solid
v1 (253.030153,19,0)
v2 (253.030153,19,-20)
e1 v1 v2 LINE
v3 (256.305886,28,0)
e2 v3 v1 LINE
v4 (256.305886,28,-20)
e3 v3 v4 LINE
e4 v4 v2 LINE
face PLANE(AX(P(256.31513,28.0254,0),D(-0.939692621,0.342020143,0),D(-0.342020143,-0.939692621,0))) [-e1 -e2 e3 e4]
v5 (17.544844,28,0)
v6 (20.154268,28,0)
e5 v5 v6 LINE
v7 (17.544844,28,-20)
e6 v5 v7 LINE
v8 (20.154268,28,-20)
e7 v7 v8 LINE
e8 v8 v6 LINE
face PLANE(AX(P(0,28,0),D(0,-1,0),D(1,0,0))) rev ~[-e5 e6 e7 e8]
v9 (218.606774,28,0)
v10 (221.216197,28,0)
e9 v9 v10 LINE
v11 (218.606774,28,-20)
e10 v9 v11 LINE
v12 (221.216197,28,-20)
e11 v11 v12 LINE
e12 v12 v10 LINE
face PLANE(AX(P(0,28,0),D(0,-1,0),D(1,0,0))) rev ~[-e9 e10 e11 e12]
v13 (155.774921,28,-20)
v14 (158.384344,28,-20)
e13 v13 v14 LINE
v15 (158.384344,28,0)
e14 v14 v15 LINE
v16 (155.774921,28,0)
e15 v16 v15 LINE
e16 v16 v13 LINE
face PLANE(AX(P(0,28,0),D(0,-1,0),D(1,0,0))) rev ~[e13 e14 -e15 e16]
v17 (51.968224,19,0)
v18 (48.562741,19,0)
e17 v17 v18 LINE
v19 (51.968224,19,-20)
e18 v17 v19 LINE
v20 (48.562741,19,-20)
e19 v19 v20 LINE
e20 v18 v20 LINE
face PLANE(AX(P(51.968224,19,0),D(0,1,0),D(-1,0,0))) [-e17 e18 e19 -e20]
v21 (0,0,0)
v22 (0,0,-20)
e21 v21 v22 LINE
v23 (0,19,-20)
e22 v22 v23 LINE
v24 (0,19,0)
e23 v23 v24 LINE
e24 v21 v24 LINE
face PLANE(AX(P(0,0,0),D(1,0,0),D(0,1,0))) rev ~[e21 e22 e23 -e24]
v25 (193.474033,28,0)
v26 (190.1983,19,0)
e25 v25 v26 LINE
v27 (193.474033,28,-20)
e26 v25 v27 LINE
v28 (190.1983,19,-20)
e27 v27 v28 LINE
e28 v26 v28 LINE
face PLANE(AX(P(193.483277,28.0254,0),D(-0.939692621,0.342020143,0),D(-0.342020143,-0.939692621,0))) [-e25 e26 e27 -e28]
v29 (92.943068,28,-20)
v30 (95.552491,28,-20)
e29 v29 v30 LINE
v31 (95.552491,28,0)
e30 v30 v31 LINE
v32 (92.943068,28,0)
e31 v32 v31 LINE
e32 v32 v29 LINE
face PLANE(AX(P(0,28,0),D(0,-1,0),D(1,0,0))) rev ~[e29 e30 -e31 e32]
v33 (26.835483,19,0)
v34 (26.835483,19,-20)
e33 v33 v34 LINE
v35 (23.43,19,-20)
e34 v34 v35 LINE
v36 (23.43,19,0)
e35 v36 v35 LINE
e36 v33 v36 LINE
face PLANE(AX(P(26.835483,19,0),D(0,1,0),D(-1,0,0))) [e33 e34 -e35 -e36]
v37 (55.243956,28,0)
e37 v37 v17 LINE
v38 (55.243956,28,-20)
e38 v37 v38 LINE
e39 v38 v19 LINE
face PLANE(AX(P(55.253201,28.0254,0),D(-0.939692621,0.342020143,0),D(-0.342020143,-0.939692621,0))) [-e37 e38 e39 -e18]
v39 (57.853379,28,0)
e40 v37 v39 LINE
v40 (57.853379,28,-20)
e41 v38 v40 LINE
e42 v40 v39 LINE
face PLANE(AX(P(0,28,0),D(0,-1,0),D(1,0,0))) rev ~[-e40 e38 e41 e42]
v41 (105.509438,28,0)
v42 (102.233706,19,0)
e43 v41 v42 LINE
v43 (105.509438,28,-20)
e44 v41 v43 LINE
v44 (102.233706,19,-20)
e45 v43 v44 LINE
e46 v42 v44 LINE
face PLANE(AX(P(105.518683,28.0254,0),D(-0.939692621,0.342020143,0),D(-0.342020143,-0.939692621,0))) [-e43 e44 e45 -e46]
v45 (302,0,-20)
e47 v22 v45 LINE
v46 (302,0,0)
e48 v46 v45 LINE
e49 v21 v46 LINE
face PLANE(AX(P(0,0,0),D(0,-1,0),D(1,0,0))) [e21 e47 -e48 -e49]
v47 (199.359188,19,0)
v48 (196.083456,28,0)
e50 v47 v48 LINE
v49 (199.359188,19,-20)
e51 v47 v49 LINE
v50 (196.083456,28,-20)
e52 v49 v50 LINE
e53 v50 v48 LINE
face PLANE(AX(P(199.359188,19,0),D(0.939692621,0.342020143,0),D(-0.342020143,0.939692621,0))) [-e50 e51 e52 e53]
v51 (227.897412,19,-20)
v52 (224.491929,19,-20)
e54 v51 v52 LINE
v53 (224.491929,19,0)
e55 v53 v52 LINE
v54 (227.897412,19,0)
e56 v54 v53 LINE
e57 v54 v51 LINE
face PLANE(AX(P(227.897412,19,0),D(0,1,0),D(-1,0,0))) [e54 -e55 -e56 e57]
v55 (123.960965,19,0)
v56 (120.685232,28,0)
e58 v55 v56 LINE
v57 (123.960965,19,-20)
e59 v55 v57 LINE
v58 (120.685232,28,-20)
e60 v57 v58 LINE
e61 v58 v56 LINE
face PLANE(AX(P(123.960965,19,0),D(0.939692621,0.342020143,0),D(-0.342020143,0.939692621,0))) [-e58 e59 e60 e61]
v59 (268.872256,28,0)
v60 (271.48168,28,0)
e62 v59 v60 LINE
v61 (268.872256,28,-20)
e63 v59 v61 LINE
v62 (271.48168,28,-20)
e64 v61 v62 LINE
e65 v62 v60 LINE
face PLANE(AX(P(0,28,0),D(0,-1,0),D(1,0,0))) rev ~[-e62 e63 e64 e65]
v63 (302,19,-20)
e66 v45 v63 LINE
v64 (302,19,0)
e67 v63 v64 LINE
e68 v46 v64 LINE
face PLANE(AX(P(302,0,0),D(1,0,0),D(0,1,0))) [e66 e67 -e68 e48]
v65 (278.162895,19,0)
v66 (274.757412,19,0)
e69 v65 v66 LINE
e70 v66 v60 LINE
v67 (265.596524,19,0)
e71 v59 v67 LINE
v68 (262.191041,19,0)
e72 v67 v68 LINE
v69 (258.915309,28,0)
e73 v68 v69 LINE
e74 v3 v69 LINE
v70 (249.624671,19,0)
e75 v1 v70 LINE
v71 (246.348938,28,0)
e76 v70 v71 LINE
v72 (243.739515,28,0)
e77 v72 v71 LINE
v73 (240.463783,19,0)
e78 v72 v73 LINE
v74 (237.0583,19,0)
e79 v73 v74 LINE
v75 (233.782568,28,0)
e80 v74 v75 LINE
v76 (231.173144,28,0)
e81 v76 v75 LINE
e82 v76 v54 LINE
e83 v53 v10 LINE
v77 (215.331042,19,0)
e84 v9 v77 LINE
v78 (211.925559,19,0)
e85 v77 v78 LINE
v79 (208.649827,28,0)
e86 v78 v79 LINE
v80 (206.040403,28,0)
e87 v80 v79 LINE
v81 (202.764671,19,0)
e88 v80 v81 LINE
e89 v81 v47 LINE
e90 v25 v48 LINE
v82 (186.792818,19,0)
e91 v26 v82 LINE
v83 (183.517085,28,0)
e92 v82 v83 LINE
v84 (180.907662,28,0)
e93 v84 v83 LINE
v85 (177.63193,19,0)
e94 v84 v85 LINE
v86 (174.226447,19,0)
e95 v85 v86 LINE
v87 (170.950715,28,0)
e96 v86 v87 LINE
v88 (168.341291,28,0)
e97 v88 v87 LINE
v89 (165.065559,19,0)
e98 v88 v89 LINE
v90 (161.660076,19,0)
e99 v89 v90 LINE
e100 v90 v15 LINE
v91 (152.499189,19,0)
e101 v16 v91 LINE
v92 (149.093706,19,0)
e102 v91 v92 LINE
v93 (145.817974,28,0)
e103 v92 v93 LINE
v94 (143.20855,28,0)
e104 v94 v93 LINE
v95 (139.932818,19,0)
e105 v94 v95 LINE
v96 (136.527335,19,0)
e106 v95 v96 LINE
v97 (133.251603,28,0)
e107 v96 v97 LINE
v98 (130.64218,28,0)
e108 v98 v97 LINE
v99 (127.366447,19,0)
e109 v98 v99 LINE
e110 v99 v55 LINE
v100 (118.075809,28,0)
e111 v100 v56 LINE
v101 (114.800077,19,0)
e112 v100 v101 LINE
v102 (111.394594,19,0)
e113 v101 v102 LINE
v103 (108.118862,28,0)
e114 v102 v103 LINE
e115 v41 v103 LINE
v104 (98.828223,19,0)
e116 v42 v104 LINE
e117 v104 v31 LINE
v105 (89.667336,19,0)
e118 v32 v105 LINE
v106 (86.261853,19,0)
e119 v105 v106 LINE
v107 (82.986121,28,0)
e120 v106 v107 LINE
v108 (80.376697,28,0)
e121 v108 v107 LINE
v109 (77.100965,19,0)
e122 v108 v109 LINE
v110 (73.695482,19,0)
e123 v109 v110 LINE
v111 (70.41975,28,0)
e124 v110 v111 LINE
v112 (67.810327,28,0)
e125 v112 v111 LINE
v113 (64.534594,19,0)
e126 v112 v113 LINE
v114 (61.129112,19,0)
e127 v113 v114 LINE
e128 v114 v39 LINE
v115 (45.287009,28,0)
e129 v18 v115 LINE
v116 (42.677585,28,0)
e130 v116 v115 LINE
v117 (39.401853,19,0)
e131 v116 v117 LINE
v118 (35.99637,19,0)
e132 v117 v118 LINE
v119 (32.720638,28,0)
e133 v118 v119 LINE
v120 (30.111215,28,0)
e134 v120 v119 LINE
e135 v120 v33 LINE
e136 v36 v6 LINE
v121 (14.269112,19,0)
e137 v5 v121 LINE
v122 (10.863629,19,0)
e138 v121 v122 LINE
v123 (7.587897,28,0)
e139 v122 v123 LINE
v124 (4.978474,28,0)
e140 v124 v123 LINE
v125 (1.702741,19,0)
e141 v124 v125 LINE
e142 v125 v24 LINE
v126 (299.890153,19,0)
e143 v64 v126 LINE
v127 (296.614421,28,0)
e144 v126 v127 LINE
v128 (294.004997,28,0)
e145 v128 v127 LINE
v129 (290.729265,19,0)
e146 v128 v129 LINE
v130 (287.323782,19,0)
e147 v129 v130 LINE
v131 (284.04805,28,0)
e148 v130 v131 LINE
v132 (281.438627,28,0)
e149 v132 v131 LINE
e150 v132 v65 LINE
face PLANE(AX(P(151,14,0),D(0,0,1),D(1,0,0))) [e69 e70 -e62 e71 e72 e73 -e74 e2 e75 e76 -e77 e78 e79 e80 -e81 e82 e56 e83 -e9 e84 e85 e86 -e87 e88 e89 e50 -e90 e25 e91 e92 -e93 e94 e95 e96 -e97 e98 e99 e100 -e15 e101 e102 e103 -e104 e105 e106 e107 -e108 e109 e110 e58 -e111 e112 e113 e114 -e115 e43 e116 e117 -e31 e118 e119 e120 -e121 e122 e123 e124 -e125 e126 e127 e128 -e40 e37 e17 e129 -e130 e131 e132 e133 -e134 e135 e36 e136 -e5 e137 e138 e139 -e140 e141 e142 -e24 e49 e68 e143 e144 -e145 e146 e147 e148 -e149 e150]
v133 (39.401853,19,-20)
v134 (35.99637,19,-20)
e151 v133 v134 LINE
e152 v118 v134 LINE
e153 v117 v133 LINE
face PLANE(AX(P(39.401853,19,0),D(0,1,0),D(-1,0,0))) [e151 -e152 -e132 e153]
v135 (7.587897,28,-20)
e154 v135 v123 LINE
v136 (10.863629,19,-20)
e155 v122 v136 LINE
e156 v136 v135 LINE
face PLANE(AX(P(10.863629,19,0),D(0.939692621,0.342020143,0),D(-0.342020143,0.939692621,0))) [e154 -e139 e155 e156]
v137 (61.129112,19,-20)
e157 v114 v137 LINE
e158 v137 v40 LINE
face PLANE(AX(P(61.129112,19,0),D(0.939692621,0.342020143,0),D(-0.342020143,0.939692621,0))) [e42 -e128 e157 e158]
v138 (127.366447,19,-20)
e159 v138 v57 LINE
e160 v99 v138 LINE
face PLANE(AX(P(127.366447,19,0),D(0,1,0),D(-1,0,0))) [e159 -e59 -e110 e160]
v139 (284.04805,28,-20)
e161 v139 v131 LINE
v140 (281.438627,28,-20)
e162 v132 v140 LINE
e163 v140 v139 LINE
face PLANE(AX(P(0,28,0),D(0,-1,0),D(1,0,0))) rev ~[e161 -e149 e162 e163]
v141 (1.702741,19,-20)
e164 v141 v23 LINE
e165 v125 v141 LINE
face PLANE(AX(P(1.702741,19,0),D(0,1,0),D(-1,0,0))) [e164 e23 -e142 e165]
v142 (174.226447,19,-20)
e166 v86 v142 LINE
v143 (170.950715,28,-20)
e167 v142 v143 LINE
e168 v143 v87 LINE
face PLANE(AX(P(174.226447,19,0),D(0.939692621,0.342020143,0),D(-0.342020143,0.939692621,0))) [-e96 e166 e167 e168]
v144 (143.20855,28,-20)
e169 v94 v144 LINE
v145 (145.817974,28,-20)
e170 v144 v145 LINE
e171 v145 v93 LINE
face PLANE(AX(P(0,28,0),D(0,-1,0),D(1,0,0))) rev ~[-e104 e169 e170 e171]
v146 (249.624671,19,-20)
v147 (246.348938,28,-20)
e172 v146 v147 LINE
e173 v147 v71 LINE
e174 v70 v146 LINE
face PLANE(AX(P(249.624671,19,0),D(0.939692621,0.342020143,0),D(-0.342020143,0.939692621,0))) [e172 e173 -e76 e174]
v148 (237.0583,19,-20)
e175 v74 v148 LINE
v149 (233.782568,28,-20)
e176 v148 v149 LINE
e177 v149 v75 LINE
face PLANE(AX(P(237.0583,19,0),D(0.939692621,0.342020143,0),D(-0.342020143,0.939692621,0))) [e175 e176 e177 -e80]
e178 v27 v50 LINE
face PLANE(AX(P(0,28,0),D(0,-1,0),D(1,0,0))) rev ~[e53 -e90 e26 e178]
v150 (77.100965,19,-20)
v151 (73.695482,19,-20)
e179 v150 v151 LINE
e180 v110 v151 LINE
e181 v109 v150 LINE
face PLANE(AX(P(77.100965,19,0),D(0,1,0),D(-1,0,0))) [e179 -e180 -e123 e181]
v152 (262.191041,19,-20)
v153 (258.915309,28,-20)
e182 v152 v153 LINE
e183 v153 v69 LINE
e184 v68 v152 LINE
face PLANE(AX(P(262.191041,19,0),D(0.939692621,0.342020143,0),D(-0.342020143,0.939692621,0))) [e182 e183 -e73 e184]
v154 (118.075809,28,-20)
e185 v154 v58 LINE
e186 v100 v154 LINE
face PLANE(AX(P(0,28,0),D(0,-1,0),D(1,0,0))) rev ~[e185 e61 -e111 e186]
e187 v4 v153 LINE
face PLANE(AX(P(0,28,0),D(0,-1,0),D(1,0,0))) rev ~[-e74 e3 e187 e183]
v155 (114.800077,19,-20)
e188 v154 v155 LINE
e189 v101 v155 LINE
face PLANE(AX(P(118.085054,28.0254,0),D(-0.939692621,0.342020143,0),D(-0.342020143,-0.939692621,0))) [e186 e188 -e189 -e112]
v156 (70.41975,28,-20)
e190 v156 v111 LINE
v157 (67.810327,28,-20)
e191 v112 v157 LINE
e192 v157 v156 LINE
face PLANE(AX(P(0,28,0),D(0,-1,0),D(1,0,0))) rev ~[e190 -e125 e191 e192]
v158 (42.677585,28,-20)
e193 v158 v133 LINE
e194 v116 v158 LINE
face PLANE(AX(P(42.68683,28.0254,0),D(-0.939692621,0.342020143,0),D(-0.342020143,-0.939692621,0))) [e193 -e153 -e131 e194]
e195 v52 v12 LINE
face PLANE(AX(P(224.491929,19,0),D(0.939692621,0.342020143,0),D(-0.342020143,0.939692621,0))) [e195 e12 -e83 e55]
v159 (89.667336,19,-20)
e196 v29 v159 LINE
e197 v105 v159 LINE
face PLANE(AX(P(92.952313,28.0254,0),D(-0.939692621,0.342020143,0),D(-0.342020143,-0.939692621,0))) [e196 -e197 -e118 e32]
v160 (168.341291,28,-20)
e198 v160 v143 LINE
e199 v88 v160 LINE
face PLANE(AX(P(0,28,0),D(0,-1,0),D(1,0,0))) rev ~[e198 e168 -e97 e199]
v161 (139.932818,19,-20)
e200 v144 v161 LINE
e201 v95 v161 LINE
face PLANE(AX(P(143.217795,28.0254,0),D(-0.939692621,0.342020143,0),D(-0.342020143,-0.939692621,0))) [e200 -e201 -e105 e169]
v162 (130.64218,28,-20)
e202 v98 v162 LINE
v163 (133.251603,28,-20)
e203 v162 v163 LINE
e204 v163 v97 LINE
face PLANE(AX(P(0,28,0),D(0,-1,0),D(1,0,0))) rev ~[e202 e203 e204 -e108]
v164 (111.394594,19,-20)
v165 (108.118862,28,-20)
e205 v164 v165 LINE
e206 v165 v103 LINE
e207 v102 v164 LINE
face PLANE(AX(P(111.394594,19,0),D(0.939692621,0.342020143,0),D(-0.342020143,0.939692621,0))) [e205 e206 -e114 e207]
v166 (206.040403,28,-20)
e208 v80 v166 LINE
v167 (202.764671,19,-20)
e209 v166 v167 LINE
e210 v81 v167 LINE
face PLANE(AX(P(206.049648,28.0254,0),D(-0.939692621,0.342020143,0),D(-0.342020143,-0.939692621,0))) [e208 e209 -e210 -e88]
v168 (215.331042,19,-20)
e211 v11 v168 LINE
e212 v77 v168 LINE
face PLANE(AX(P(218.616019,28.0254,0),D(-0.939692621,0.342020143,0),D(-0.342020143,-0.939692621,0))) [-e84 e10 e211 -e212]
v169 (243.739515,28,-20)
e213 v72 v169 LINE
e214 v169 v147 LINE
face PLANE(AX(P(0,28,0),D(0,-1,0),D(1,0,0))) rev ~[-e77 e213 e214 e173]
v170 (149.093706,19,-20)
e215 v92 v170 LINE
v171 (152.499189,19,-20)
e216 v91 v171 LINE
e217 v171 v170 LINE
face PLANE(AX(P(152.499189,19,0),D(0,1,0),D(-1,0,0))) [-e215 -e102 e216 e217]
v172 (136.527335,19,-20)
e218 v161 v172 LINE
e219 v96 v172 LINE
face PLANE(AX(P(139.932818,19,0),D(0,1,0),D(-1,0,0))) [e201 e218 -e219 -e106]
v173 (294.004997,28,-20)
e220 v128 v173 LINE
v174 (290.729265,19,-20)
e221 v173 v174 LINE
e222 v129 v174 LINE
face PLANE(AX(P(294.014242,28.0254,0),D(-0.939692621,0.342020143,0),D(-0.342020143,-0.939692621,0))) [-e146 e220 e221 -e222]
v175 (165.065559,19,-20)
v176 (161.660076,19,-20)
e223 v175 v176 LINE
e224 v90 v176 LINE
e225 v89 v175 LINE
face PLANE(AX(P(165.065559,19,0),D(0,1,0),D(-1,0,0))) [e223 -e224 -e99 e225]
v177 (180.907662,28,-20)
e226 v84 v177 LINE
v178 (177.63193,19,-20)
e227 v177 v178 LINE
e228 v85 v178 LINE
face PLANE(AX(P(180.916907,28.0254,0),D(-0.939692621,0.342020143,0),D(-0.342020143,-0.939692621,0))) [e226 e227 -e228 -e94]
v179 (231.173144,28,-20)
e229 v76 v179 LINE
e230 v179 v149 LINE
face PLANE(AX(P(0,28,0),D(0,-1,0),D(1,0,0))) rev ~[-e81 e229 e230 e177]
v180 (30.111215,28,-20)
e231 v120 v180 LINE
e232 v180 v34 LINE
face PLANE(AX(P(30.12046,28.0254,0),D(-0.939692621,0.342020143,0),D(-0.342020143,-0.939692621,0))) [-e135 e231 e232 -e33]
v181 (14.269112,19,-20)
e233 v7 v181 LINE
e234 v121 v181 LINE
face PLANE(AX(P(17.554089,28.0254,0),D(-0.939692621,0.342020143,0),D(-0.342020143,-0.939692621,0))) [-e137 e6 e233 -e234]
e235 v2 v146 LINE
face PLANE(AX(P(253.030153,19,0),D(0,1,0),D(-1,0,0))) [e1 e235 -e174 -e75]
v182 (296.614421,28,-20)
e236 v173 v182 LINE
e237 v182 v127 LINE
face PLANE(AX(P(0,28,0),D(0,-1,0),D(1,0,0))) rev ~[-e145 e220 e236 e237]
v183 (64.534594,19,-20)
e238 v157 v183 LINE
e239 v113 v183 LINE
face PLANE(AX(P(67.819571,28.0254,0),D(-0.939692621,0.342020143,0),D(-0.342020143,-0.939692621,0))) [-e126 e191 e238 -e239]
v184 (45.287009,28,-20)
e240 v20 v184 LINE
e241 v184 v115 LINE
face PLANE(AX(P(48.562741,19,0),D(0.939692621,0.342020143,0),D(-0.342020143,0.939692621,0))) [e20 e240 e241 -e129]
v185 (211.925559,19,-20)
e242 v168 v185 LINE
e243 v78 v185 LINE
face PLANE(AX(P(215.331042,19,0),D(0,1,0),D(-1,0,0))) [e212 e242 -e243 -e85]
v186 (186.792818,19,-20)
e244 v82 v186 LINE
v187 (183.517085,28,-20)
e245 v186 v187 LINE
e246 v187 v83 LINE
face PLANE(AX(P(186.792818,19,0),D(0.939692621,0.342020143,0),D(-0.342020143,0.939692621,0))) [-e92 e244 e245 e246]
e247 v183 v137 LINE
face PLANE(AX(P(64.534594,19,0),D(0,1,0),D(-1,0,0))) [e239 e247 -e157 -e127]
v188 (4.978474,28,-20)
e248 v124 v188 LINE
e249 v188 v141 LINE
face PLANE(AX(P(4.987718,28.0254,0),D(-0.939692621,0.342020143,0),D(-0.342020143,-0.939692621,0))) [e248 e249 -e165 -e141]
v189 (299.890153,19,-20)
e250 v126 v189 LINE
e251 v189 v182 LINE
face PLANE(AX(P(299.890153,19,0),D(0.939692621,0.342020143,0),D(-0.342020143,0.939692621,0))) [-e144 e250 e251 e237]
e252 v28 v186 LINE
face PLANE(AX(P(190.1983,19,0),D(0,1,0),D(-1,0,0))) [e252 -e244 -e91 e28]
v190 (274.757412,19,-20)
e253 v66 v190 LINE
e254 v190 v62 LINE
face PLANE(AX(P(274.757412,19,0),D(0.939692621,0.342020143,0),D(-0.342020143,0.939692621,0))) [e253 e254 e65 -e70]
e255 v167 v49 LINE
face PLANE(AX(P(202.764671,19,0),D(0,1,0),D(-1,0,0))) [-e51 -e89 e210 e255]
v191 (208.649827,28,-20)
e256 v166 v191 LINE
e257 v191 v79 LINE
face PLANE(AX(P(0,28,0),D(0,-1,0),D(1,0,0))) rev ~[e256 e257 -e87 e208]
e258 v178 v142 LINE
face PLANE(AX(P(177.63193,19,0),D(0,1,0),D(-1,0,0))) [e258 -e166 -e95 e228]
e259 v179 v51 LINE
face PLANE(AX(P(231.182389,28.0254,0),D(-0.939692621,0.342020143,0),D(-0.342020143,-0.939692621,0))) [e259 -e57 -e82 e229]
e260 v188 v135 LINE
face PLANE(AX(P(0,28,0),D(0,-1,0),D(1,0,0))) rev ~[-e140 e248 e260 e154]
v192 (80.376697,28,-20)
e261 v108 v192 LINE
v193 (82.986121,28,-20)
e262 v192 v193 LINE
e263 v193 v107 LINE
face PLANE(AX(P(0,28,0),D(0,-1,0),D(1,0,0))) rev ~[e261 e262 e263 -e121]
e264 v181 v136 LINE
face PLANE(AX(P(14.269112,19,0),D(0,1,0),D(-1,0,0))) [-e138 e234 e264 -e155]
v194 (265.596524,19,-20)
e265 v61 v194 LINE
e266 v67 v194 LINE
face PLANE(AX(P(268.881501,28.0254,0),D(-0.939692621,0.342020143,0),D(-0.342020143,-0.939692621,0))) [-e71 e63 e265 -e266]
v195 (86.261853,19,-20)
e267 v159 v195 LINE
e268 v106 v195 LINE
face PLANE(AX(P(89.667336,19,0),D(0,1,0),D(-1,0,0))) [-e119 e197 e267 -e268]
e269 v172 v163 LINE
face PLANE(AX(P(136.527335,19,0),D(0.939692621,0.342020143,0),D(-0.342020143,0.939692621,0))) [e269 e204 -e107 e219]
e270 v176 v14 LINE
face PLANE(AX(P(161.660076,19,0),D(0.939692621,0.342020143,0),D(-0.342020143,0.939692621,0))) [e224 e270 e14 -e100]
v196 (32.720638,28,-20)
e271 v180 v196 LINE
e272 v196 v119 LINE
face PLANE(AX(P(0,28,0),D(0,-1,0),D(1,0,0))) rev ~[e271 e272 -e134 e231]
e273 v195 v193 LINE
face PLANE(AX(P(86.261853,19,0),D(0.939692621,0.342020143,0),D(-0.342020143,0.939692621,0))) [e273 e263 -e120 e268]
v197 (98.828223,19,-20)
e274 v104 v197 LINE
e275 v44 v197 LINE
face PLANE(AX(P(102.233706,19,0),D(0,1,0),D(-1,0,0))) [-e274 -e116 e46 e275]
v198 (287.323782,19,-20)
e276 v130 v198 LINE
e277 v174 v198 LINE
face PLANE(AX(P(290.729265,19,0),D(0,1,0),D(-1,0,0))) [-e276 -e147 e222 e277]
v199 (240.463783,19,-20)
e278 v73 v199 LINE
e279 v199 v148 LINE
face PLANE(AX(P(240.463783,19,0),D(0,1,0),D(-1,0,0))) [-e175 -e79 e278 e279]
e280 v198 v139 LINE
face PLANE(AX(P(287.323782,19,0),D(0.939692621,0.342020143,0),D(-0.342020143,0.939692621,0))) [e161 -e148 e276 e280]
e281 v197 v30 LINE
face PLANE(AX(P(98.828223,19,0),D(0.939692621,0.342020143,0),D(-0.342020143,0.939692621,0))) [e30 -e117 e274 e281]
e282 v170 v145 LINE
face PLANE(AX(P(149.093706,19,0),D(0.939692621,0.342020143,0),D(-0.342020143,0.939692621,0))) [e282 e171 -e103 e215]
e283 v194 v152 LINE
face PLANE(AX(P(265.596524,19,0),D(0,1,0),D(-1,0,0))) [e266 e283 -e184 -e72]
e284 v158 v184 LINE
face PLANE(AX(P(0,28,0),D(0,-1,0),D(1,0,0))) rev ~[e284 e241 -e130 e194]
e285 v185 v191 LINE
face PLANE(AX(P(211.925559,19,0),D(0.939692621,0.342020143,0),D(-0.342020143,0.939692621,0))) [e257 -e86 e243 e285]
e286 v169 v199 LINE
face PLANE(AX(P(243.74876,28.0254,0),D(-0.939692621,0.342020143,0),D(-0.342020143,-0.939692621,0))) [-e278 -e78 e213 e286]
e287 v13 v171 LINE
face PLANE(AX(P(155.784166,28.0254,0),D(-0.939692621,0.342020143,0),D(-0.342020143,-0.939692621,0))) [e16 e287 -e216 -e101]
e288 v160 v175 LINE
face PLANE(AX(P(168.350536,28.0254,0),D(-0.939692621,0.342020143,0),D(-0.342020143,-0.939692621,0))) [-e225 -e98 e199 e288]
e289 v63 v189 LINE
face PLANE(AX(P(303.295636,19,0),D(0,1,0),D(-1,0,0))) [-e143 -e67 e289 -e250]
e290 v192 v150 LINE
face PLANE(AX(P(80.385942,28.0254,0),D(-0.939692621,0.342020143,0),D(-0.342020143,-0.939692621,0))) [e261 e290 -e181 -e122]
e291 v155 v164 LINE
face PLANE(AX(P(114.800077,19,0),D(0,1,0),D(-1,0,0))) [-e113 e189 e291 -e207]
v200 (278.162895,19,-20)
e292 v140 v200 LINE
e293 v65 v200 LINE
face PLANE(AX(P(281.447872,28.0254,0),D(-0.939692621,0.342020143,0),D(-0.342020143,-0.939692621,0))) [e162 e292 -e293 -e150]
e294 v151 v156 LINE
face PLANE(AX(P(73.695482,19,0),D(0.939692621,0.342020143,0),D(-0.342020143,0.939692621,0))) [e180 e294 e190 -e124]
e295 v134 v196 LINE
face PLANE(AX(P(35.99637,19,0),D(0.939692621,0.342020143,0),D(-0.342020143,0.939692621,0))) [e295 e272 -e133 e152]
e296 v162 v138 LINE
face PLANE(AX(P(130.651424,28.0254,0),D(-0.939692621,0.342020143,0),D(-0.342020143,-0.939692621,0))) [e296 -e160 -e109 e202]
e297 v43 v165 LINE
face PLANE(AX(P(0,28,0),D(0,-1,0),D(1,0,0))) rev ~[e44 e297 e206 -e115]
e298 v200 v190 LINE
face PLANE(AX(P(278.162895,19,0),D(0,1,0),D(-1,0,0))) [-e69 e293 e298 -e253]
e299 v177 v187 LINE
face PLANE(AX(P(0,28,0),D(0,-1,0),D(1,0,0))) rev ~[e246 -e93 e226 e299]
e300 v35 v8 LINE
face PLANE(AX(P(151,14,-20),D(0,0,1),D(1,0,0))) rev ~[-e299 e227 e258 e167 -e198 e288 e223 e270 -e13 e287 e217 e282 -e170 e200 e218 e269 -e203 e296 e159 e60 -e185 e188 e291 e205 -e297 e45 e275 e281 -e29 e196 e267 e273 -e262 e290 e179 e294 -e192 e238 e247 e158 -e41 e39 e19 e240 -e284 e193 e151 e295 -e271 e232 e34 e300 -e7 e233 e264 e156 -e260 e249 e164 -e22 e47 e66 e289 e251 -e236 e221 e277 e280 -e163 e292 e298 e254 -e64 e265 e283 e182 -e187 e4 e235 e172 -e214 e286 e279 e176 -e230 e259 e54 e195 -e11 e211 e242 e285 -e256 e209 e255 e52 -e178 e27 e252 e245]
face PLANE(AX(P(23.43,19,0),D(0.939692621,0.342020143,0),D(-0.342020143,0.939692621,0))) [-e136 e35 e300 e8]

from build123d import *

# Parameters (mm, degrees)
BLANKSKE_W        = 302
BLANKSKE_H        = 28
BLANK_DEPTH       = 20
TOOTHCUTSIM_DEPTH = 304.95394388
TEETHCUTS_COUNT   = 25
TEETHCUTS_PITCH   = 12.5663706


with BuildPart() as part:
    # BlankSke → Blank (new body)
    with BuildSketch(Plane.XY):
        with Locations((151, 14)):
            Rectangle(BLANKSKE_W, BLANKSKE_H)
    extrude(amount=-BLANK_DEPTH)

    # TooCutSkeSim → ToothCutSim (cut, through all)
    with BuildSketch(Plane.XY):
        Polygon((1.702741479, 19), (-1.702741479, 19), (-4.987718431, 28.0254), (4.987718431, 28.0254), align=None)
    toothcutsim = extrude(amount=-TOOTHCUTSIM_DEPTH, mode=Mode.SUBTRACT)

    # TeethCuts: ToothCutSim ×25
    with Locations(*[(i * TEETHCUTS_PITCH, 0, 0) for i in range(1, TEETHCUTS_COUNT)]):
        add(toothcutsim, mode=Mode.SUBTRACT)


solid = part.part
